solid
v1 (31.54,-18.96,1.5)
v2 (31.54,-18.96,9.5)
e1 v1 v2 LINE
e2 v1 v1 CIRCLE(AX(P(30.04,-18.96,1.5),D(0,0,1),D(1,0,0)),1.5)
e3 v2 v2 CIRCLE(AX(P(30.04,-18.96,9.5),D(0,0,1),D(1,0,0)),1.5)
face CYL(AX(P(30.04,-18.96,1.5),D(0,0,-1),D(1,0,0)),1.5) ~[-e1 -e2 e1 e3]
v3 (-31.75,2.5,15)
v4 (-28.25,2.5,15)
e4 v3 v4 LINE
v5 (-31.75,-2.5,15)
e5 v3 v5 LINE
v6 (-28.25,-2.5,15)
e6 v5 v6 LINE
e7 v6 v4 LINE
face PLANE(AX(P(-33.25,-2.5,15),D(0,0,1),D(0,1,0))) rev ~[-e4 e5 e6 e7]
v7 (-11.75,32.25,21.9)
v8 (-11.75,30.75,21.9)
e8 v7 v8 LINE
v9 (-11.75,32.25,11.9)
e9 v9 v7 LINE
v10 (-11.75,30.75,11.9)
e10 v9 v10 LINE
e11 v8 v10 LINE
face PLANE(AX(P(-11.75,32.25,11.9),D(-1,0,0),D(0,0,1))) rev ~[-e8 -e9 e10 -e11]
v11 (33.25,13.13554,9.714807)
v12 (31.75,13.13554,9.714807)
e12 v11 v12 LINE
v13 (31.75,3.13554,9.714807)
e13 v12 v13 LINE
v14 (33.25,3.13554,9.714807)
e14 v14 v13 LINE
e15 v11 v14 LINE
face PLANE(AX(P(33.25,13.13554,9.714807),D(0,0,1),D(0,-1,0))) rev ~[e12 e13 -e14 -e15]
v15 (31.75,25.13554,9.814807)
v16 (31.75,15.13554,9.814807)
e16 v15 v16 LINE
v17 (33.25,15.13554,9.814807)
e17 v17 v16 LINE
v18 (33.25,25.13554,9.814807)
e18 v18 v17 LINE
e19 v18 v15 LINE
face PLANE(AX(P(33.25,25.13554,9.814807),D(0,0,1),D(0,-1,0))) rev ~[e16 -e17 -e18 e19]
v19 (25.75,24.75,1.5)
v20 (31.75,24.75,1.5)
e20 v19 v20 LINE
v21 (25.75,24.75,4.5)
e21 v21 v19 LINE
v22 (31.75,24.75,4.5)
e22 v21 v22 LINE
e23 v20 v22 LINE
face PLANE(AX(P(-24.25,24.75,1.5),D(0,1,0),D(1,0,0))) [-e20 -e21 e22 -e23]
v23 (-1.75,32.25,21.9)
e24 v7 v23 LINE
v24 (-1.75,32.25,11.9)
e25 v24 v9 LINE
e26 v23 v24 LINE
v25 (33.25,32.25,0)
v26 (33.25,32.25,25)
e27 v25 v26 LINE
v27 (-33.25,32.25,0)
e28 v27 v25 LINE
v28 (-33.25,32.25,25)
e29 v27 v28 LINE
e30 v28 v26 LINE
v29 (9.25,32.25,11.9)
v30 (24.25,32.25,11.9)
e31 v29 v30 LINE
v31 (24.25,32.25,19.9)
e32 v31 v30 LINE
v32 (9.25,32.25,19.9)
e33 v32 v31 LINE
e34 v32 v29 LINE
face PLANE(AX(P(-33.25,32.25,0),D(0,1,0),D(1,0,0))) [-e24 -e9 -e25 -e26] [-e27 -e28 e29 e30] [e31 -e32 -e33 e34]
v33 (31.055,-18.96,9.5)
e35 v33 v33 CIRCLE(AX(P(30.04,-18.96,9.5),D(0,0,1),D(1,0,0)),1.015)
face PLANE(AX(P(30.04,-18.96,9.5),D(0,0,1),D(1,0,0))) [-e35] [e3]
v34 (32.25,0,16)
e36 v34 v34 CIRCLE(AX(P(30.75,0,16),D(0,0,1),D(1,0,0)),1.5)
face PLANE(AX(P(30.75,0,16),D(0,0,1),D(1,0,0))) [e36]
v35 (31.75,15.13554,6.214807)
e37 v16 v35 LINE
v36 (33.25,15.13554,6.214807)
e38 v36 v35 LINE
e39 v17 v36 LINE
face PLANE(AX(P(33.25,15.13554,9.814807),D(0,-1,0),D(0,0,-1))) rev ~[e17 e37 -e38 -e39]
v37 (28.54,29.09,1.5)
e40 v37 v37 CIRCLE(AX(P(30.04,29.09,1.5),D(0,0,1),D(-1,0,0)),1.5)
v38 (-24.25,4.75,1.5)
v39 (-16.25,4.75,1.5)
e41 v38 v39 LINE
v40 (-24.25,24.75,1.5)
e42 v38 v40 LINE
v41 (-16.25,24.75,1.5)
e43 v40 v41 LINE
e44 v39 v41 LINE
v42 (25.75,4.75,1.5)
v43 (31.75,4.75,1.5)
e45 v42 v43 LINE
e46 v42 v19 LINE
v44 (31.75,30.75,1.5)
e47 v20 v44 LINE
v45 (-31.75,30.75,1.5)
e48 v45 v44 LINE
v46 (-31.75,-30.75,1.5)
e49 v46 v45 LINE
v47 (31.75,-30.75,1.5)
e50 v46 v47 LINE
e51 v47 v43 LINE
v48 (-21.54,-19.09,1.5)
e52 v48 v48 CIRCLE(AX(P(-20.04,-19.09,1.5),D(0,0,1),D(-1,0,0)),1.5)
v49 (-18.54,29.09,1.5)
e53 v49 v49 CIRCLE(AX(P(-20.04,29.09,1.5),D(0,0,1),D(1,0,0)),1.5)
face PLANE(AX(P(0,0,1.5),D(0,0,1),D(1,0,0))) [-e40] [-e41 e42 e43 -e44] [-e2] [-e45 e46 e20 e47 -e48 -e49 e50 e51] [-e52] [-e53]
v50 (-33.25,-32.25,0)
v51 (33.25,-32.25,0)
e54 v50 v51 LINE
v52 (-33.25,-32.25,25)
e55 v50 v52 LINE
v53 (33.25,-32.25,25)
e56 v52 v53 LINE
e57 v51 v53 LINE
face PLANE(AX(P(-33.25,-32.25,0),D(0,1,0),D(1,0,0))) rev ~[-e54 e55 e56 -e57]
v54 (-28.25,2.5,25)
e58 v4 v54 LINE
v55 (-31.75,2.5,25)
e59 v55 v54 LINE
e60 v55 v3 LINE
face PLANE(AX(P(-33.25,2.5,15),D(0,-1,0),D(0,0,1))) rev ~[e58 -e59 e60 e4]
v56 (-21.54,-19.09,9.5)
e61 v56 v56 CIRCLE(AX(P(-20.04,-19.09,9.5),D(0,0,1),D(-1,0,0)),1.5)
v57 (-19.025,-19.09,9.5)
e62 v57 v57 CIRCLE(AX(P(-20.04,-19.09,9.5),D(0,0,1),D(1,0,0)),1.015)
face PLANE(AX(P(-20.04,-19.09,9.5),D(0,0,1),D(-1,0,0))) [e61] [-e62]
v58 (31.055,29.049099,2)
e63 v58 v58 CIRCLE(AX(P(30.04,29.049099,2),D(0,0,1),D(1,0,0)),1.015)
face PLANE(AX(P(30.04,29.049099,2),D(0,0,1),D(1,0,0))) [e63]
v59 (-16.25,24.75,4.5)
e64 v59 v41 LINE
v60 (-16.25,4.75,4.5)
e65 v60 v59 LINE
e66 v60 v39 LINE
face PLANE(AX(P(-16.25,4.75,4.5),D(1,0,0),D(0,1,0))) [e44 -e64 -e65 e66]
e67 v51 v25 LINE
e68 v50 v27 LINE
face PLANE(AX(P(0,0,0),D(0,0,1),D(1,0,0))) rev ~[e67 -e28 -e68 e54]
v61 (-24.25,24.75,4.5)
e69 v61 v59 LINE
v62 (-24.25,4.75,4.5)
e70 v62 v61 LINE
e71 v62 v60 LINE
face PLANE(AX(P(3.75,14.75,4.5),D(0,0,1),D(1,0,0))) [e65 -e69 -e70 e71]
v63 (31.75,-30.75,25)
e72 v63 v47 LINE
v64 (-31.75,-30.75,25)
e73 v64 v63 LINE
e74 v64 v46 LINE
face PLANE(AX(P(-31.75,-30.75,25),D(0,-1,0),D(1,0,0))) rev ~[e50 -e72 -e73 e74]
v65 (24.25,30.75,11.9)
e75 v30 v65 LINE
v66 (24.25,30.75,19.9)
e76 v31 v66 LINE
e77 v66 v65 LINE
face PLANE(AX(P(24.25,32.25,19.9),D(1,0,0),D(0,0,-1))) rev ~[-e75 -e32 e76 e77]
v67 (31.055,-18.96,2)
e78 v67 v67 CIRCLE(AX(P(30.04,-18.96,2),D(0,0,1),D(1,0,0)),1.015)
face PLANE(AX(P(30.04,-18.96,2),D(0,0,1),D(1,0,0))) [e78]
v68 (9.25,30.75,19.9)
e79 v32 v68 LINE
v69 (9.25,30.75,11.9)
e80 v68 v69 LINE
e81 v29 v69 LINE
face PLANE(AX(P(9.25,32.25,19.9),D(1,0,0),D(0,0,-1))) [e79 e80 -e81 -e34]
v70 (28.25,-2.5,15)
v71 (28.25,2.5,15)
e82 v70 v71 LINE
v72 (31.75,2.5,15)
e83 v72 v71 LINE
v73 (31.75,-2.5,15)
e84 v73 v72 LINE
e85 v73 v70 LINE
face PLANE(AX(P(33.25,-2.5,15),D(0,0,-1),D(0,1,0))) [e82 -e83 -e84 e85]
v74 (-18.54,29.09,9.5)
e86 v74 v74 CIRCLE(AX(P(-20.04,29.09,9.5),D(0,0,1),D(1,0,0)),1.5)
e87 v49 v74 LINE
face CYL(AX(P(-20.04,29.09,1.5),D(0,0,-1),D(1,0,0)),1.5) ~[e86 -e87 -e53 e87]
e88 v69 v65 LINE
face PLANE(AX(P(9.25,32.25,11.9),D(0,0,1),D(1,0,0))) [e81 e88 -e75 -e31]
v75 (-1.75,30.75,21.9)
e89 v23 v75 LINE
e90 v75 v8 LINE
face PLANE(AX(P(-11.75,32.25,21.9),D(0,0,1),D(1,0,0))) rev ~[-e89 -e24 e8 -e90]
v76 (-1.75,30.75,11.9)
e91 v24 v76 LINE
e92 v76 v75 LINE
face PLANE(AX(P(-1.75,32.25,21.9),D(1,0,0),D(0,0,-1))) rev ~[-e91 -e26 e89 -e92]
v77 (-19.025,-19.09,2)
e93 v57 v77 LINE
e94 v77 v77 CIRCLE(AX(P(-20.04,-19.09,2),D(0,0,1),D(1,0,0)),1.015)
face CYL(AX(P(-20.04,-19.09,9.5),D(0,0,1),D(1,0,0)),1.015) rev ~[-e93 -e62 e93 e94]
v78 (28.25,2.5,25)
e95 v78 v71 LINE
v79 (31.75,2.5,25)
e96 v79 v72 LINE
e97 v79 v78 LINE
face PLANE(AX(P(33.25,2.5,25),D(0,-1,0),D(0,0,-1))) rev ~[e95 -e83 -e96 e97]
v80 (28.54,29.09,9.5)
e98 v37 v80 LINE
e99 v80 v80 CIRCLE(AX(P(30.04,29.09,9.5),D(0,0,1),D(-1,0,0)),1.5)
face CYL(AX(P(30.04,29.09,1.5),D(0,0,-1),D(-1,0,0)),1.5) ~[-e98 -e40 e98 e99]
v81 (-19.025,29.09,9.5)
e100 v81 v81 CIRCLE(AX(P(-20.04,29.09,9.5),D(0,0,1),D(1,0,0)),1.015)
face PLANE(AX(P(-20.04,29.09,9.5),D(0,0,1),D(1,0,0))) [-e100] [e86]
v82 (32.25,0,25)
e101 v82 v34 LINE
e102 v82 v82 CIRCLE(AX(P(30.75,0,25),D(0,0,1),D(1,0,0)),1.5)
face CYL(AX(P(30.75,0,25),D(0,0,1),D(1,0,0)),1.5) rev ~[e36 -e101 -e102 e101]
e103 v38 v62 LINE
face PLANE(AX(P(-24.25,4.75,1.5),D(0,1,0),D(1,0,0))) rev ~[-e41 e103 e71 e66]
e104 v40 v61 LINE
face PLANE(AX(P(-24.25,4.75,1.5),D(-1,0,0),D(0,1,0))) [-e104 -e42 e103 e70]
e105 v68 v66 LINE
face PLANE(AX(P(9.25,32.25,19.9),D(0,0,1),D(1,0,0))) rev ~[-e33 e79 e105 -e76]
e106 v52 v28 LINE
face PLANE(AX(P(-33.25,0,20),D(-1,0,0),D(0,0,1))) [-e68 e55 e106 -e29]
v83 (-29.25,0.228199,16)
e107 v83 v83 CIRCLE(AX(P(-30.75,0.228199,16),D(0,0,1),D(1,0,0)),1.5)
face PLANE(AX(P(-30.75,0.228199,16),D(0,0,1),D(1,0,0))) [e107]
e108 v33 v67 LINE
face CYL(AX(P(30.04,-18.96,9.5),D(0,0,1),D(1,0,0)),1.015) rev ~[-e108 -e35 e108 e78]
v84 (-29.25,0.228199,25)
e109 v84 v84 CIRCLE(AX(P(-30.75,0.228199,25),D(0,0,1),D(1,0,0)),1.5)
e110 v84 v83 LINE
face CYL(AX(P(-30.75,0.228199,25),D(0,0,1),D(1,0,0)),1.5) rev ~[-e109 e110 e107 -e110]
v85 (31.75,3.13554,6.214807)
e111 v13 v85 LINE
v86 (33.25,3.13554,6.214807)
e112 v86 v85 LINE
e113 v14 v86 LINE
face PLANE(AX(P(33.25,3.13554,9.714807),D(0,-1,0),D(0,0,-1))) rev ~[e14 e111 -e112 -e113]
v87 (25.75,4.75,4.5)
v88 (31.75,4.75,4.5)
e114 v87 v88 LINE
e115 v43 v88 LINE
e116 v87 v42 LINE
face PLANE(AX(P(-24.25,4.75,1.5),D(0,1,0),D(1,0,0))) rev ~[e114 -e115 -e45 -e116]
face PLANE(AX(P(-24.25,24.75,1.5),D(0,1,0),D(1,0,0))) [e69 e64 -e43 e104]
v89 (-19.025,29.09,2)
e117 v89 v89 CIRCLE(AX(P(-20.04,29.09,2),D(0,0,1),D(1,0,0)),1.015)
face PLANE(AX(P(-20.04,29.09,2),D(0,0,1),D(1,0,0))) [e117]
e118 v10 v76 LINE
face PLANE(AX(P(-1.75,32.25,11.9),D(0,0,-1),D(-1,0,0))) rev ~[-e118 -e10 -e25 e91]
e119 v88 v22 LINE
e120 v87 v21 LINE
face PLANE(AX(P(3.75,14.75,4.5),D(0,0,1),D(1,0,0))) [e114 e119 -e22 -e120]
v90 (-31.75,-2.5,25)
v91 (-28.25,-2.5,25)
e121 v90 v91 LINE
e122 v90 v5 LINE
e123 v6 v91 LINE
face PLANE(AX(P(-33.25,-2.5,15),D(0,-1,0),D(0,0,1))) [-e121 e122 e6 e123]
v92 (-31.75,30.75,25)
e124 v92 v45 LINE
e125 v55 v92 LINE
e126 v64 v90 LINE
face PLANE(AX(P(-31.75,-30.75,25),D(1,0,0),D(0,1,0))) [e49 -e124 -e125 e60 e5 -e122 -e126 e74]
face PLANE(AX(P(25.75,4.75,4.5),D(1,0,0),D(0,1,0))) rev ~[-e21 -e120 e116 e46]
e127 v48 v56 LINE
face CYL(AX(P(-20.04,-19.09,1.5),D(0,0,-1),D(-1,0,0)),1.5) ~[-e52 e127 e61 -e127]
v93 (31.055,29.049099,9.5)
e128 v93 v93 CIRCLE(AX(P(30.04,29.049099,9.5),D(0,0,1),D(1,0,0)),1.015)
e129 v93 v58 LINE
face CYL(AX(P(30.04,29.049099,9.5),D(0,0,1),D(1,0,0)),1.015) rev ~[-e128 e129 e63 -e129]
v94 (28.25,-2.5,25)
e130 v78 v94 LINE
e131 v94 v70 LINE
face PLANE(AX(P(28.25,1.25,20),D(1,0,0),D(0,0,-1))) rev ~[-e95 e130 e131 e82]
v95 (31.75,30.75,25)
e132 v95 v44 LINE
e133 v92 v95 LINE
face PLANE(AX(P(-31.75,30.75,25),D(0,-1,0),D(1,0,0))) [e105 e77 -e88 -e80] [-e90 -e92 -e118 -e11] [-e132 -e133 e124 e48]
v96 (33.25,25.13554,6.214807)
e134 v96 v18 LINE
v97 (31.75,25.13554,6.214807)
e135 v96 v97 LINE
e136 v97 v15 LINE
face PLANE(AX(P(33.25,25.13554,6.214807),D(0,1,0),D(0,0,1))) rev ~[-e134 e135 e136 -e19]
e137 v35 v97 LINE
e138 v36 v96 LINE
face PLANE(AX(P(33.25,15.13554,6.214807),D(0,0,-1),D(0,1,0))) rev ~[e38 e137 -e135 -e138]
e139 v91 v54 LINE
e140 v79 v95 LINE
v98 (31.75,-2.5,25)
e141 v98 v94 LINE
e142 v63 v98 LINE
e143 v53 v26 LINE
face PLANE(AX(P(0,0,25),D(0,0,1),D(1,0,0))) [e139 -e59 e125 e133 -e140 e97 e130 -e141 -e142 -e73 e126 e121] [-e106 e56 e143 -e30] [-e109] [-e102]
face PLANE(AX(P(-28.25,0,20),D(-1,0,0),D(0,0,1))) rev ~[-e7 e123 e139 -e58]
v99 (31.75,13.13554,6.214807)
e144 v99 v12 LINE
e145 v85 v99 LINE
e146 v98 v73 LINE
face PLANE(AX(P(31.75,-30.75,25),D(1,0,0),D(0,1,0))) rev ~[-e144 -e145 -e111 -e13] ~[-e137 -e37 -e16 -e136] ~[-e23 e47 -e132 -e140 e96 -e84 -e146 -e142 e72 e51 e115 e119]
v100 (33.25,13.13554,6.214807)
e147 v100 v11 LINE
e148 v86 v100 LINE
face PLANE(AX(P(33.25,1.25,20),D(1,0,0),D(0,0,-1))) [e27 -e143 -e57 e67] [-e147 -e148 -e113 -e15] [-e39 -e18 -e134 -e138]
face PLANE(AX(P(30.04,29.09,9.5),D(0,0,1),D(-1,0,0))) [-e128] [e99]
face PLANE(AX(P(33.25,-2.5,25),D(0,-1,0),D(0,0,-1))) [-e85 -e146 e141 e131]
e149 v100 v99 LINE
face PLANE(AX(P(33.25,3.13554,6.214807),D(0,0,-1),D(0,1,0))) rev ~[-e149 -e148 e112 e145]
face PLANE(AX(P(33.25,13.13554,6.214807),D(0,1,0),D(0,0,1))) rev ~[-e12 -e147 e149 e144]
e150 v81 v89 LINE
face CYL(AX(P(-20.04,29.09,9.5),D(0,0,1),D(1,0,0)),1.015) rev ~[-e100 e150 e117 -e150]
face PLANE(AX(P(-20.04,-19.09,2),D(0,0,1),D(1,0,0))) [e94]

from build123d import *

# Parameters (mm, degrees)
SKETCH1_W            = 66.5
SKETCH1_H            = 64.5
BOSS_EXTRUDE1_DEPTH  = 25
SKETCH2_W            = 63.5
SKETCH2_H            = 61.5
CUT_EXTRUDE2_DEPTH   = 23.5
SKETCH9_W            = 10
SKETCH9_H            = 5
BOSS_EXTRUDE5_DEPTH  = 5
SKETCH14_R           = 1.5
CUT_EXTRUDE4_DEPTH   = 9
SKETCH17_W           = 10
SKETCH17_H           = 2.5
BOSS_EXTRUDE7_DEPTH  = 5
SKETCH18_R           = 1.5
CUT_EXTRUDE6_DEPTH   = 9
SKETCH19_R           = 1.5
BOSS_EXTRUDE9_DEPTH  = 8
SKETCH22_R           = 1.015
CUT_EXTRUDE7_DEPTH   = 7.5
SKETCH23_W           = 56
SKETCH23_H           = 20
BOSS_EXTRUDE12_DEPTH = 3
SKETCH26_W           = 42
SKETCH26_H           = 20
CUT_EXTRUDE9_DEPTH   = 3
CUT_EXTRUDE12_DEPTH  = 3
CUT_EXTRUDE13_DEPTH  = 3
SKETCH51_W           = 15
SKETCH51_H           = 8
CUT_EXTRUDE14_DEPTH  = 1.5


with BuildPart() as part:
    # Sketch1 → Boss-Extrude1 (new body)
    with BuildSketch(Plane.XY):
        Rectangle(SKETCH1_W, SKETCH1_H)
    extrude(amount=BOSS_EXTRUDE1_DEPTH)

    # Sketch2 → Cut-Extrude2 (cut)
    with BuildSketch(Plane.XY.offset(25)):
        Rectangle(SKETCH2_W, SKETCH2_H)
    extrude(amount=-CUT_EXTRUDE2_DEPTH, mode=Mode.SUBTRACT)

    # Sketch9 → Boss-Extrude5 (add)
    with BuildSketch(Plane.ZY.offset(33.25)):
        with Locations((20, 0)):
            Rectangle(SKETCH9_W, SKETCH9_H)
    extrude(amount=-BOSS_EXTRUDE5_DEPTH)

    # Sketch14 → Cut-Extrude4 (cut)
    with BuildSketch(Plane.XY.offset(25)):
        with Locations((-30.75, 0.228198866)):
            Circle(SKETCH14_R)
    extrude(amount=-CUT_EXTRUDE4_DEPTH, mode=Mode.SUBTRACT)

    # Sketch17 → Boss-Extrude7 (add)
    with BuildSketch(Plane(origin=(33.25, 0, 0), x_dir=(0, 0, -1), z_dir=(1, 0, 0))):
        with Locations((-20, 1.25)):
            Rectangle(SKETCH17_W, SKETCH17_H)
        with Locations((-20, -1.25)):
            Rectangle(SKETCH17_W, SKETCH17_H)
    extrude(amount=-BOSS_EXTRUDE7_DEPTH)

    # Sketch18 → Cut-Extrude6 (cut)
    with BuildSketch(Plane.XY.offset(25)):
        with Locations((30.75, 0)):
            Circle(SKETCH18_R)
    extrude(amount=-CUT_EXTRUDE6_DEPTH, mode=Mode.SUBTRACT)

    # Sketch19 → Boss-Extrude9 (add)
    with BuildSketch(Plane.XY.offset(1.5)):
        with Locations((-20.04, 29.09)):
            Circle(SKETCH19_R)
        with Locations(Location((30.04, 29.09, 0), (0, 0, 180))):
            Circle(SKETCH19_R)
        with Locations(Location((-20.04, -19.09, 0), (0, 0, 180))):
            Circle(SKETCH19_R)
        with Locations((30.04, -18.96)):
            Circle(SKETCH19_R)
    extrude(amount=BOSS_EXTRUDE9_DEPTH)

    # Sketch22 → Cut-Extrude7 (cut)
    with BuildSketch(Plane.XY.offset(9.5)):
        with Locations((-20.04, 29.09)):
            Circle(SKETCH22_R)
        with Locations((30.04, 29.049098521)):
            Circle(SKETCH22_R)
        with Locations((30.04, -18.96)):
            Circle(SKETCH22_R)
        with Locations((-20.04, -19.09)):
            Circle(SKETCH22_R)
    extrude(amount=-CUT_EXTRUDE7_DEPTH, mode=Mode.SUBTRACT)

    # Sketch23 → Boss-Extrude12 (add)
    with BuildSketch(Plane.XY.offset(1.5)):
        with Locations((3.75, 14.75)):
            Rectangle(SKETCH23_W, SKETCH23_H)
    extrude(amount=BOSS_EXTRUDE12_DEPTH)

    # Sketch26 → Cut-Extrude9 (cut)
    with BuildSketch(Plane.XY.offset(4.5)):
        with Locations((4.75, 14.75)):
            Rectangle(SKETCH26_W, SKETCH26_H)
    extrude(amount=-CUT_EXTRUDE9_DEPTH, mode=Mode.SUBTRACT)

    # Sketch45 → Cut-Extrude12 (cut)
    with BuildSketch(Plane(origin=(33.25, 0, 0), x_dir=(0, 0, -1), z_dir=(1, 0, 0))):
        Polygon((-9.814807173, 15.135540206), (-6.214807173, 15.135540206), (-6.214807173, 24.735863123), (-6.214807173, 25.135540206), (-9.814807173, 25.135540206), align=None)
        Polygon((-6.214807173, 4.436476389), (-6.214807173, 13.135540206), (-9.714807173, 13.135540206), (-9.714807173, 3.135540206), (-6.214807173, 3.135540206), align=None)
    extrude(amount=-CUT_EXTRUDE12_DEPTH, mode=Mode.SUBTRACT)

    # Sketch46 → Cut-Extrude13 (cut)
    with BuildSketch(Plane(origin=(0, 32.25, 0), x_dir=(1, 0, 0), z_dir=(0, 1, 0))):
        Polygon((-11.263140916, -11.9), (-11.75, -11.9), (-11.75, -21.9), (-1.75, -21.9), (-1.75, -11.9), align=None)
    extrude(amount=-CUT_EXTRUDE13_DEPTH, mode=Mode.SUBTRACT)

    # Sketch51 → Cut-Extrude14 (cut)
    with BuildSketch(Plane(origin=(0, 32.25, 0), x_dir=(1, 0, 0), z_dir=(0, 1, 0))):
        with Locations((16.75, -15.9)):
            Rectangle(SKETCH51_W, SKETCH51_H)
    extrude(amount=-CUT_EXTRUDE14_DEPTH, mode=Mode.SUBTRACT)


solid = part.part
